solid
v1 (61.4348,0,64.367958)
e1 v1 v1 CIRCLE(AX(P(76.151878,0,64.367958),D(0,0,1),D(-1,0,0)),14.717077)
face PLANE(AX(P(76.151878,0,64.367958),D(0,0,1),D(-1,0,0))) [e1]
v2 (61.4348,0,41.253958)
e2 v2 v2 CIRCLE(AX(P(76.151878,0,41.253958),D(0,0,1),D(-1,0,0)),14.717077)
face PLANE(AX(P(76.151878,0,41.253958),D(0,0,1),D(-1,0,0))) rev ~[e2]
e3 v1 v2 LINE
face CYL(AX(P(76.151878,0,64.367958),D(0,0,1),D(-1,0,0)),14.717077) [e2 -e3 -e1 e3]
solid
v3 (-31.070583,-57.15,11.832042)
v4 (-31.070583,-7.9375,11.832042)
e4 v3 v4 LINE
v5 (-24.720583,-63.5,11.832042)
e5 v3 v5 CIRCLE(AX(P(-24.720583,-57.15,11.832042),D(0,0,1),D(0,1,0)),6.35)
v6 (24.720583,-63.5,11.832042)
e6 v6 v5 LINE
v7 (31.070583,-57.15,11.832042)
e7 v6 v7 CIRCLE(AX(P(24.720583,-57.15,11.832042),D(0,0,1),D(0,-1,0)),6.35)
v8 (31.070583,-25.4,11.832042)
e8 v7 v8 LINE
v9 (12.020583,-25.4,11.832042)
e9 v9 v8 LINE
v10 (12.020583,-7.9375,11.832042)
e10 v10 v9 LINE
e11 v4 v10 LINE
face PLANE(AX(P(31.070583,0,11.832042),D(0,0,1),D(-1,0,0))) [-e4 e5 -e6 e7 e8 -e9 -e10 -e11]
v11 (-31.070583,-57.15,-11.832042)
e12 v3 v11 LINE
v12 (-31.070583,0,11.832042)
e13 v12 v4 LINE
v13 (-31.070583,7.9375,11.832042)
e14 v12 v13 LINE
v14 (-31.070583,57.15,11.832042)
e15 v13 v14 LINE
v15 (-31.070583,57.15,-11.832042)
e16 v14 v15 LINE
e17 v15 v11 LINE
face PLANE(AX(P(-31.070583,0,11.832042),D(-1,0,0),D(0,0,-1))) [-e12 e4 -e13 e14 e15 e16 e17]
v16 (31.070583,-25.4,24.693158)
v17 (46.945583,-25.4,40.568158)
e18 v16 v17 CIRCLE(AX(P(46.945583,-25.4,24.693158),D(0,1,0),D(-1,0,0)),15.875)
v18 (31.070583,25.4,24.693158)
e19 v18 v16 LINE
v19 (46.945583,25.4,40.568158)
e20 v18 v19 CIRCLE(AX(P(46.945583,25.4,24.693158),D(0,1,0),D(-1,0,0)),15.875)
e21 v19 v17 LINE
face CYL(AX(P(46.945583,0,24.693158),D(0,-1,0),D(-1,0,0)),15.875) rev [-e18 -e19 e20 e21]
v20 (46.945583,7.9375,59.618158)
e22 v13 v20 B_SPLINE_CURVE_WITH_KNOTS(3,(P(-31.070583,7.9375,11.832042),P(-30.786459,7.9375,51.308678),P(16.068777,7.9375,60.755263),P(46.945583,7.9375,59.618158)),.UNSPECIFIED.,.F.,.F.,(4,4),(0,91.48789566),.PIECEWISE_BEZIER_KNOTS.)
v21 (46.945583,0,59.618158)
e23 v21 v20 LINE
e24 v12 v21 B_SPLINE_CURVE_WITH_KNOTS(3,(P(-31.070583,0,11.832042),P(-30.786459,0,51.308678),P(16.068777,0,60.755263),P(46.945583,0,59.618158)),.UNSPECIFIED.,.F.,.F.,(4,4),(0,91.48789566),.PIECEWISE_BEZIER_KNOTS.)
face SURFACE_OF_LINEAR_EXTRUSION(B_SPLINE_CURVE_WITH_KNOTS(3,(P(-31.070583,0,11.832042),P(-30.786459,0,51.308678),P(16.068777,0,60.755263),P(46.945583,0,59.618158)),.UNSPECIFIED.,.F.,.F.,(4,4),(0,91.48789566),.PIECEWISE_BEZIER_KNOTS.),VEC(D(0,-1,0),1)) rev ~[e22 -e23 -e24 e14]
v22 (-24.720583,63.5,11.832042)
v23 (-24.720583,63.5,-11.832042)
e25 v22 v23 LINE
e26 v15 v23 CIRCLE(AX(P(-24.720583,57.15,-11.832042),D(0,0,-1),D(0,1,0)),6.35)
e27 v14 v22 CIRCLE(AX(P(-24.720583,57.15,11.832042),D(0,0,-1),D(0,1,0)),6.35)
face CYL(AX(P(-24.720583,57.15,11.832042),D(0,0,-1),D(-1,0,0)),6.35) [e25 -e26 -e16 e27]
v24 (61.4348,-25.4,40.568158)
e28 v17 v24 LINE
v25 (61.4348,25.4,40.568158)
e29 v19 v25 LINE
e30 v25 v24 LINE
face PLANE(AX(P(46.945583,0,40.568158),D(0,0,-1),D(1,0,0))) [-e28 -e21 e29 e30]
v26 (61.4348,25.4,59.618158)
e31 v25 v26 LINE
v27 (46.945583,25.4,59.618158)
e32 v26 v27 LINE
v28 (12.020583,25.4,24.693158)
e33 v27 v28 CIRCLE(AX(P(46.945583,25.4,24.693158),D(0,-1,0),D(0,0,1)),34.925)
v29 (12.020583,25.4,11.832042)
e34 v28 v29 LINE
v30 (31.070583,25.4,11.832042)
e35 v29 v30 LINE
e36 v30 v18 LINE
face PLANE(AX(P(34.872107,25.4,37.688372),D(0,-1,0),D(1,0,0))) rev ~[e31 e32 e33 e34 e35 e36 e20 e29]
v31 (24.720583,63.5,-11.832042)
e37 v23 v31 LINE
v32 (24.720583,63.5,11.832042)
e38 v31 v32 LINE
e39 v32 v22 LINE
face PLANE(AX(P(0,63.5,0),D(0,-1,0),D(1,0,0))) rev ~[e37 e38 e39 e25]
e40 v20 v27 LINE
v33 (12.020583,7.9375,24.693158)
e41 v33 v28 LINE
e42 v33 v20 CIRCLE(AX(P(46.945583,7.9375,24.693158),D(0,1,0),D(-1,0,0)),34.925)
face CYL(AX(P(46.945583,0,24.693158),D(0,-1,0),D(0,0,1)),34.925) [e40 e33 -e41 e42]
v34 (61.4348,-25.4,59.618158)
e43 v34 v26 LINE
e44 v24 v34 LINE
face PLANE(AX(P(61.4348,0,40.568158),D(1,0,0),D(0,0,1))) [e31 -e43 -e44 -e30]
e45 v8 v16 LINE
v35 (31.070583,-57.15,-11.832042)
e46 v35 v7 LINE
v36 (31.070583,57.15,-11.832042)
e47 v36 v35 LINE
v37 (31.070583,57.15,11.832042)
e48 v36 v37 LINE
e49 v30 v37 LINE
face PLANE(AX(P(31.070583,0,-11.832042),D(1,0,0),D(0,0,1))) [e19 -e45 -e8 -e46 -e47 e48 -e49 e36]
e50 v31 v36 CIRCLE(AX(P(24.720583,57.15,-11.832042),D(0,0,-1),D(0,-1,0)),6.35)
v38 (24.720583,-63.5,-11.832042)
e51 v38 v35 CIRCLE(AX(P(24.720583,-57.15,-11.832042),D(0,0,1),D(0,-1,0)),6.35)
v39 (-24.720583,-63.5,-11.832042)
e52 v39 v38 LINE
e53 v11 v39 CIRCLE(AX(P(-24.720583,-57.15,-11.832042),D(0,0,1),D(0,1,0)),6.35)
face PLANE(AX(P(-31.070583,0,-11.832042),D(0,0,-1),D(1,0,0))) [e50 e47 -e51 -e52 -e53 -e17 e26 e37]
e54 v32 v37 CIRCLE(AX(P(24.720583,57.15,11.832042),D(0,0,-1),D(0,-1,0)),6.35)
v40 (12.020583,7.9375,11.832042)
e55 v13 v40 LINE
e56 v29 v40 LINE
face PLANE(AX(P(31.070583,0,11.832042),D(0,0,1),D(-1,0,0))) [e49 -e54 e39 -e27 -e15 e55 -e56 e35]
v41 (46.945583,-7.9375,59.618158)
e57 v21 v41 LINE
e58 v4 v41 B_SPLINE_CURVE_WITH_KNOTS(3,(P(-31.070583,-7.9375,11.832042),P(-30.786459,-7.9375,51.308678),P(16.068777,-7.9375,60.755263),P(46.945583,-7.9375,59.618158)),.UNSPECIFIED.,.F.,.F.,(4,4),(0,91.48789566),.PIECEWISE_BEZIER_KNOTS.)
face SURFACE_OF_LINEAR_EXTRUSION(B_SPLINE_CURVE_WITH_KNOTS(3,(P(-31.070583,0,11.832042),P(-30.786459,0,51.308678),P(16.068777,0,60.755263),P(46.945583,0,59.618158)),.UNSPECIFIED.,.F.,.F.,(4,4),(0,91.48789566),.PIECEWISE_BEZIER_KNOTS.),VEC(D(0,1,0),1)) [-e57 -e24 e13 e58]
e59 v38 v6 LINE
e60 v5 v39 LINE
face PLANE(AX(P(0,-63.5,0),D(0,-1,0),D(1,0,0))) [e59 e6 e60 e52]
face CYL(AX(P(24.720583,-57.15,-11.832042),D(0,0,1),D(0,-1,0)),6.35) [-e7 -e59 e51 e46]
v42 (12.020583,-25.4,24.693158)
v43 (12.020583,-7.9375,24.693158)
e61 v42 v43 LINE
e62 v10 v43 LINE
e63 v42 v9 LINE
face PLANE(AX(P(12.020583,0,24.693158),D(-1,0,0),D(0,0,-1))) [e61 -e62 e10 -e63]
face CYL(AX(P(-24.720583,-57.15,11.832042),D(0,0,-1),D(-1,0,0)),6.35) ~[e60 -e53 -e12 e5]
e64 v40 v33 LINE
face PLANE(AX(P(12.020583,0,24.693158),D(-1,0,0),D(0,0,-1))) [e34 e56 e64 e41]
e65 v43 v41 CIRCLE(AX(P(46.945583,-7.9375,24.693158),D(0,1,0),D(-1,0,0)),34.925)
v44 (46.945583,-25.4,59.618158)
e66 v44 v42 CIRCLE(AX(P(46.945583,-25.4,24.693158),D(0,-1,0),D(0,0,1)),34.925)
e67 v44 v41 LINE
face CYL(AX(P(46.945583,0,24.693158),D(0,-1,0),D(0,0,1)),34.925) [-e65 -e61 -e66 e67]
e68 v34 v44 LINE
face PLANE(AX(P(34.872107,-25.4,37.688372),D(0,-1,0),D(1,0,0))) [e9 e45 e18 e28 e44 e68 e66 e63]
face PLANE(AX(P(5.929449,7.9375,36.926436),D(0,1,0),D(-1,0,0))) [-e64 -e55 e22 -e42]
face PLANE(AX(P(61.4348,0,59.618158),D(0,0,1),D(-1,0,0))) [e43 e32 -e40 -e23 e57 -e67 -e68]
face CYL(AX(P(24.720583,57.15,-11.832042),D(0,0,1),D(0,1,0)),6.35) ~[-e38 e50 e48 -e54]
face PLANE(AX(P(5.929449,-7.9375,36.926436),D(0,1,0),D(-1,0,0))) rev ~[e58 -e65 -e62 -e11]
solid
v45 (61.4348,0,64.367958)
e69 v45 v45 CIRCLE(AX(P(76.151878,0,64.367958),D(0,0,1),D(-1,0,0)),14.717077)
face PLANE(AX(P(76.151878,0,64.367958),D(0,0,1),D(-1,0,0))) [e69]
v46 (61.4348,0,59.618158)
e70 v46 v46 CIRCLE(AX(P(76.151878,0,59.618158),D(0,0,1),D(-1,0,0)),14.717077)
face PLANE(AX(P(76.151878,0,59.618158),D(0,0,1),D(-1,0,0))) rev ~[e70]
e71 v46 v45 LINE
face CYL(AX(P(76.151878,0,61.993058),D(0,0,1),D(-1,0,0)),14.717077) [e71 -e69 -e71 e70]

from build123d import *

# Parameters (mm, degrees)
F1_DEPTH = 63.5
F2_DEPTH = 25.4
F3_DEPTH = 7.9375
F0_W     = 14.7170773314
F0_H     = 4.7498
F5_DEPTH = 23.114
F6_R     = 6.35


with BuildPart() as f1:
    # F0 (on Front) → F1 (new body, symmetric)
    with BuildSketch(Plane.XZ):
        Polygon((12.0205828078, 11.8320416201), (-31.0705828078, 11.8320416201), (-31.0705828078, -11.8320416201), (31.0705828078, -11.8320416201), (31.0705828078, 11.8320416201), align=None)
    extrude(amount=F1_DEPTH, both=True)

    # F0 (on Front) → F2 (join, symmetric)
    with BuildSketch(Plane.XZ):
        with BuildLine():
            Line((12.0205828078, 24.6931583799), (12.0205828078, 11.8320416201))
            Line((12.0205828078, 11.8320416201), (31.0705828078, 11.8320416201))
            Line((31.0705828078, 11.8320416201), (31.0705828078, 24.6931583799))
            ThreePointArc((31.0705828078, 24.6931583799), (35.7202626564, 35.9184785312), (46.9455828078, 40.5681583799))
            Line((46.9455828078, 40.5681583799), (61.4348004065, 40.5681583799))
            Line((61.4348004065, 40.5681583799), (61.4348004065, 59.6181583799))
            Line((61.4348004065, 59.6181583799), (46.9455828078, 59.6181583799))
            ThreePointArc((46.9455828078, 59.6181583799), (22.2498784748, 49.3888627128), (12.0205828078, 24.6931583799))
        make_face()
    extrude(amount=F2_DEPTH, both=True)

    # F0 (on Front) → F3 (join, symmetric)
    with BuildSketch(Plane.XZ):
        with BuildLine():
            add(Edge.make_bspline(
                [(-31.0705828078, 11.8320416201), (-30.7864588107, 51.3086781095), (16.0687774749, 60.755262794), (46.9455828078, 59.6181583799)],
                knots=[0, 0, 0, 0, 91.4878956602, 91.4878956602, 91.4878956602, 91.4878956602], degree=3))
            Line((-31.0705828078, 11.8320416201), (12.0205828078, 11.8320416201))
            Line((12.0205828078, 11.8320416201), (12.0205828078, 24.6931583799))
            ThreePointArc((12.0205828078, 24.6931583799), (22.2498784748, 49.3888627128), (46.9455828078, 59.6181583799))
        make_face()
    extrude(amount=F3_DEPTH, both=True)

    # F6
    f6_edges = [f1.edges().sort_by_distance(p)[0] for p in [
        (31.070583, -63.5, 0),
        (31.070583, 63.5, 0),
        (-31.070583, 63.5, 0),
        (-31.070583, -63.5, 0),
    ]]
    fillet(f6_edges, radius=F6_R)


with BuildPart() as f4:
    # F0 (on Front) → F4 (revolve)
    with BuildSketch(Plane.XZ):
        with Locations((68.7933390722, 61.9930583799)):
            Rectangle(F0_W, F0_H)
    revolve(axis=Axis((76.1518777379, 0, 52.4680583799), (0, 0, 1)))


with BuildPart() as f5:
    # F5 (new): a face of the model
    f5_faces = [f4.part.faces().sort_by_distance(p)[0] for p in [
        (76.1518777379, 0, 64.3679583799),
    ]]
    extrude(f5_faces, amount=-F5_DEPTH)


solid = Compound([f1.part, f4.part, f5.part])
